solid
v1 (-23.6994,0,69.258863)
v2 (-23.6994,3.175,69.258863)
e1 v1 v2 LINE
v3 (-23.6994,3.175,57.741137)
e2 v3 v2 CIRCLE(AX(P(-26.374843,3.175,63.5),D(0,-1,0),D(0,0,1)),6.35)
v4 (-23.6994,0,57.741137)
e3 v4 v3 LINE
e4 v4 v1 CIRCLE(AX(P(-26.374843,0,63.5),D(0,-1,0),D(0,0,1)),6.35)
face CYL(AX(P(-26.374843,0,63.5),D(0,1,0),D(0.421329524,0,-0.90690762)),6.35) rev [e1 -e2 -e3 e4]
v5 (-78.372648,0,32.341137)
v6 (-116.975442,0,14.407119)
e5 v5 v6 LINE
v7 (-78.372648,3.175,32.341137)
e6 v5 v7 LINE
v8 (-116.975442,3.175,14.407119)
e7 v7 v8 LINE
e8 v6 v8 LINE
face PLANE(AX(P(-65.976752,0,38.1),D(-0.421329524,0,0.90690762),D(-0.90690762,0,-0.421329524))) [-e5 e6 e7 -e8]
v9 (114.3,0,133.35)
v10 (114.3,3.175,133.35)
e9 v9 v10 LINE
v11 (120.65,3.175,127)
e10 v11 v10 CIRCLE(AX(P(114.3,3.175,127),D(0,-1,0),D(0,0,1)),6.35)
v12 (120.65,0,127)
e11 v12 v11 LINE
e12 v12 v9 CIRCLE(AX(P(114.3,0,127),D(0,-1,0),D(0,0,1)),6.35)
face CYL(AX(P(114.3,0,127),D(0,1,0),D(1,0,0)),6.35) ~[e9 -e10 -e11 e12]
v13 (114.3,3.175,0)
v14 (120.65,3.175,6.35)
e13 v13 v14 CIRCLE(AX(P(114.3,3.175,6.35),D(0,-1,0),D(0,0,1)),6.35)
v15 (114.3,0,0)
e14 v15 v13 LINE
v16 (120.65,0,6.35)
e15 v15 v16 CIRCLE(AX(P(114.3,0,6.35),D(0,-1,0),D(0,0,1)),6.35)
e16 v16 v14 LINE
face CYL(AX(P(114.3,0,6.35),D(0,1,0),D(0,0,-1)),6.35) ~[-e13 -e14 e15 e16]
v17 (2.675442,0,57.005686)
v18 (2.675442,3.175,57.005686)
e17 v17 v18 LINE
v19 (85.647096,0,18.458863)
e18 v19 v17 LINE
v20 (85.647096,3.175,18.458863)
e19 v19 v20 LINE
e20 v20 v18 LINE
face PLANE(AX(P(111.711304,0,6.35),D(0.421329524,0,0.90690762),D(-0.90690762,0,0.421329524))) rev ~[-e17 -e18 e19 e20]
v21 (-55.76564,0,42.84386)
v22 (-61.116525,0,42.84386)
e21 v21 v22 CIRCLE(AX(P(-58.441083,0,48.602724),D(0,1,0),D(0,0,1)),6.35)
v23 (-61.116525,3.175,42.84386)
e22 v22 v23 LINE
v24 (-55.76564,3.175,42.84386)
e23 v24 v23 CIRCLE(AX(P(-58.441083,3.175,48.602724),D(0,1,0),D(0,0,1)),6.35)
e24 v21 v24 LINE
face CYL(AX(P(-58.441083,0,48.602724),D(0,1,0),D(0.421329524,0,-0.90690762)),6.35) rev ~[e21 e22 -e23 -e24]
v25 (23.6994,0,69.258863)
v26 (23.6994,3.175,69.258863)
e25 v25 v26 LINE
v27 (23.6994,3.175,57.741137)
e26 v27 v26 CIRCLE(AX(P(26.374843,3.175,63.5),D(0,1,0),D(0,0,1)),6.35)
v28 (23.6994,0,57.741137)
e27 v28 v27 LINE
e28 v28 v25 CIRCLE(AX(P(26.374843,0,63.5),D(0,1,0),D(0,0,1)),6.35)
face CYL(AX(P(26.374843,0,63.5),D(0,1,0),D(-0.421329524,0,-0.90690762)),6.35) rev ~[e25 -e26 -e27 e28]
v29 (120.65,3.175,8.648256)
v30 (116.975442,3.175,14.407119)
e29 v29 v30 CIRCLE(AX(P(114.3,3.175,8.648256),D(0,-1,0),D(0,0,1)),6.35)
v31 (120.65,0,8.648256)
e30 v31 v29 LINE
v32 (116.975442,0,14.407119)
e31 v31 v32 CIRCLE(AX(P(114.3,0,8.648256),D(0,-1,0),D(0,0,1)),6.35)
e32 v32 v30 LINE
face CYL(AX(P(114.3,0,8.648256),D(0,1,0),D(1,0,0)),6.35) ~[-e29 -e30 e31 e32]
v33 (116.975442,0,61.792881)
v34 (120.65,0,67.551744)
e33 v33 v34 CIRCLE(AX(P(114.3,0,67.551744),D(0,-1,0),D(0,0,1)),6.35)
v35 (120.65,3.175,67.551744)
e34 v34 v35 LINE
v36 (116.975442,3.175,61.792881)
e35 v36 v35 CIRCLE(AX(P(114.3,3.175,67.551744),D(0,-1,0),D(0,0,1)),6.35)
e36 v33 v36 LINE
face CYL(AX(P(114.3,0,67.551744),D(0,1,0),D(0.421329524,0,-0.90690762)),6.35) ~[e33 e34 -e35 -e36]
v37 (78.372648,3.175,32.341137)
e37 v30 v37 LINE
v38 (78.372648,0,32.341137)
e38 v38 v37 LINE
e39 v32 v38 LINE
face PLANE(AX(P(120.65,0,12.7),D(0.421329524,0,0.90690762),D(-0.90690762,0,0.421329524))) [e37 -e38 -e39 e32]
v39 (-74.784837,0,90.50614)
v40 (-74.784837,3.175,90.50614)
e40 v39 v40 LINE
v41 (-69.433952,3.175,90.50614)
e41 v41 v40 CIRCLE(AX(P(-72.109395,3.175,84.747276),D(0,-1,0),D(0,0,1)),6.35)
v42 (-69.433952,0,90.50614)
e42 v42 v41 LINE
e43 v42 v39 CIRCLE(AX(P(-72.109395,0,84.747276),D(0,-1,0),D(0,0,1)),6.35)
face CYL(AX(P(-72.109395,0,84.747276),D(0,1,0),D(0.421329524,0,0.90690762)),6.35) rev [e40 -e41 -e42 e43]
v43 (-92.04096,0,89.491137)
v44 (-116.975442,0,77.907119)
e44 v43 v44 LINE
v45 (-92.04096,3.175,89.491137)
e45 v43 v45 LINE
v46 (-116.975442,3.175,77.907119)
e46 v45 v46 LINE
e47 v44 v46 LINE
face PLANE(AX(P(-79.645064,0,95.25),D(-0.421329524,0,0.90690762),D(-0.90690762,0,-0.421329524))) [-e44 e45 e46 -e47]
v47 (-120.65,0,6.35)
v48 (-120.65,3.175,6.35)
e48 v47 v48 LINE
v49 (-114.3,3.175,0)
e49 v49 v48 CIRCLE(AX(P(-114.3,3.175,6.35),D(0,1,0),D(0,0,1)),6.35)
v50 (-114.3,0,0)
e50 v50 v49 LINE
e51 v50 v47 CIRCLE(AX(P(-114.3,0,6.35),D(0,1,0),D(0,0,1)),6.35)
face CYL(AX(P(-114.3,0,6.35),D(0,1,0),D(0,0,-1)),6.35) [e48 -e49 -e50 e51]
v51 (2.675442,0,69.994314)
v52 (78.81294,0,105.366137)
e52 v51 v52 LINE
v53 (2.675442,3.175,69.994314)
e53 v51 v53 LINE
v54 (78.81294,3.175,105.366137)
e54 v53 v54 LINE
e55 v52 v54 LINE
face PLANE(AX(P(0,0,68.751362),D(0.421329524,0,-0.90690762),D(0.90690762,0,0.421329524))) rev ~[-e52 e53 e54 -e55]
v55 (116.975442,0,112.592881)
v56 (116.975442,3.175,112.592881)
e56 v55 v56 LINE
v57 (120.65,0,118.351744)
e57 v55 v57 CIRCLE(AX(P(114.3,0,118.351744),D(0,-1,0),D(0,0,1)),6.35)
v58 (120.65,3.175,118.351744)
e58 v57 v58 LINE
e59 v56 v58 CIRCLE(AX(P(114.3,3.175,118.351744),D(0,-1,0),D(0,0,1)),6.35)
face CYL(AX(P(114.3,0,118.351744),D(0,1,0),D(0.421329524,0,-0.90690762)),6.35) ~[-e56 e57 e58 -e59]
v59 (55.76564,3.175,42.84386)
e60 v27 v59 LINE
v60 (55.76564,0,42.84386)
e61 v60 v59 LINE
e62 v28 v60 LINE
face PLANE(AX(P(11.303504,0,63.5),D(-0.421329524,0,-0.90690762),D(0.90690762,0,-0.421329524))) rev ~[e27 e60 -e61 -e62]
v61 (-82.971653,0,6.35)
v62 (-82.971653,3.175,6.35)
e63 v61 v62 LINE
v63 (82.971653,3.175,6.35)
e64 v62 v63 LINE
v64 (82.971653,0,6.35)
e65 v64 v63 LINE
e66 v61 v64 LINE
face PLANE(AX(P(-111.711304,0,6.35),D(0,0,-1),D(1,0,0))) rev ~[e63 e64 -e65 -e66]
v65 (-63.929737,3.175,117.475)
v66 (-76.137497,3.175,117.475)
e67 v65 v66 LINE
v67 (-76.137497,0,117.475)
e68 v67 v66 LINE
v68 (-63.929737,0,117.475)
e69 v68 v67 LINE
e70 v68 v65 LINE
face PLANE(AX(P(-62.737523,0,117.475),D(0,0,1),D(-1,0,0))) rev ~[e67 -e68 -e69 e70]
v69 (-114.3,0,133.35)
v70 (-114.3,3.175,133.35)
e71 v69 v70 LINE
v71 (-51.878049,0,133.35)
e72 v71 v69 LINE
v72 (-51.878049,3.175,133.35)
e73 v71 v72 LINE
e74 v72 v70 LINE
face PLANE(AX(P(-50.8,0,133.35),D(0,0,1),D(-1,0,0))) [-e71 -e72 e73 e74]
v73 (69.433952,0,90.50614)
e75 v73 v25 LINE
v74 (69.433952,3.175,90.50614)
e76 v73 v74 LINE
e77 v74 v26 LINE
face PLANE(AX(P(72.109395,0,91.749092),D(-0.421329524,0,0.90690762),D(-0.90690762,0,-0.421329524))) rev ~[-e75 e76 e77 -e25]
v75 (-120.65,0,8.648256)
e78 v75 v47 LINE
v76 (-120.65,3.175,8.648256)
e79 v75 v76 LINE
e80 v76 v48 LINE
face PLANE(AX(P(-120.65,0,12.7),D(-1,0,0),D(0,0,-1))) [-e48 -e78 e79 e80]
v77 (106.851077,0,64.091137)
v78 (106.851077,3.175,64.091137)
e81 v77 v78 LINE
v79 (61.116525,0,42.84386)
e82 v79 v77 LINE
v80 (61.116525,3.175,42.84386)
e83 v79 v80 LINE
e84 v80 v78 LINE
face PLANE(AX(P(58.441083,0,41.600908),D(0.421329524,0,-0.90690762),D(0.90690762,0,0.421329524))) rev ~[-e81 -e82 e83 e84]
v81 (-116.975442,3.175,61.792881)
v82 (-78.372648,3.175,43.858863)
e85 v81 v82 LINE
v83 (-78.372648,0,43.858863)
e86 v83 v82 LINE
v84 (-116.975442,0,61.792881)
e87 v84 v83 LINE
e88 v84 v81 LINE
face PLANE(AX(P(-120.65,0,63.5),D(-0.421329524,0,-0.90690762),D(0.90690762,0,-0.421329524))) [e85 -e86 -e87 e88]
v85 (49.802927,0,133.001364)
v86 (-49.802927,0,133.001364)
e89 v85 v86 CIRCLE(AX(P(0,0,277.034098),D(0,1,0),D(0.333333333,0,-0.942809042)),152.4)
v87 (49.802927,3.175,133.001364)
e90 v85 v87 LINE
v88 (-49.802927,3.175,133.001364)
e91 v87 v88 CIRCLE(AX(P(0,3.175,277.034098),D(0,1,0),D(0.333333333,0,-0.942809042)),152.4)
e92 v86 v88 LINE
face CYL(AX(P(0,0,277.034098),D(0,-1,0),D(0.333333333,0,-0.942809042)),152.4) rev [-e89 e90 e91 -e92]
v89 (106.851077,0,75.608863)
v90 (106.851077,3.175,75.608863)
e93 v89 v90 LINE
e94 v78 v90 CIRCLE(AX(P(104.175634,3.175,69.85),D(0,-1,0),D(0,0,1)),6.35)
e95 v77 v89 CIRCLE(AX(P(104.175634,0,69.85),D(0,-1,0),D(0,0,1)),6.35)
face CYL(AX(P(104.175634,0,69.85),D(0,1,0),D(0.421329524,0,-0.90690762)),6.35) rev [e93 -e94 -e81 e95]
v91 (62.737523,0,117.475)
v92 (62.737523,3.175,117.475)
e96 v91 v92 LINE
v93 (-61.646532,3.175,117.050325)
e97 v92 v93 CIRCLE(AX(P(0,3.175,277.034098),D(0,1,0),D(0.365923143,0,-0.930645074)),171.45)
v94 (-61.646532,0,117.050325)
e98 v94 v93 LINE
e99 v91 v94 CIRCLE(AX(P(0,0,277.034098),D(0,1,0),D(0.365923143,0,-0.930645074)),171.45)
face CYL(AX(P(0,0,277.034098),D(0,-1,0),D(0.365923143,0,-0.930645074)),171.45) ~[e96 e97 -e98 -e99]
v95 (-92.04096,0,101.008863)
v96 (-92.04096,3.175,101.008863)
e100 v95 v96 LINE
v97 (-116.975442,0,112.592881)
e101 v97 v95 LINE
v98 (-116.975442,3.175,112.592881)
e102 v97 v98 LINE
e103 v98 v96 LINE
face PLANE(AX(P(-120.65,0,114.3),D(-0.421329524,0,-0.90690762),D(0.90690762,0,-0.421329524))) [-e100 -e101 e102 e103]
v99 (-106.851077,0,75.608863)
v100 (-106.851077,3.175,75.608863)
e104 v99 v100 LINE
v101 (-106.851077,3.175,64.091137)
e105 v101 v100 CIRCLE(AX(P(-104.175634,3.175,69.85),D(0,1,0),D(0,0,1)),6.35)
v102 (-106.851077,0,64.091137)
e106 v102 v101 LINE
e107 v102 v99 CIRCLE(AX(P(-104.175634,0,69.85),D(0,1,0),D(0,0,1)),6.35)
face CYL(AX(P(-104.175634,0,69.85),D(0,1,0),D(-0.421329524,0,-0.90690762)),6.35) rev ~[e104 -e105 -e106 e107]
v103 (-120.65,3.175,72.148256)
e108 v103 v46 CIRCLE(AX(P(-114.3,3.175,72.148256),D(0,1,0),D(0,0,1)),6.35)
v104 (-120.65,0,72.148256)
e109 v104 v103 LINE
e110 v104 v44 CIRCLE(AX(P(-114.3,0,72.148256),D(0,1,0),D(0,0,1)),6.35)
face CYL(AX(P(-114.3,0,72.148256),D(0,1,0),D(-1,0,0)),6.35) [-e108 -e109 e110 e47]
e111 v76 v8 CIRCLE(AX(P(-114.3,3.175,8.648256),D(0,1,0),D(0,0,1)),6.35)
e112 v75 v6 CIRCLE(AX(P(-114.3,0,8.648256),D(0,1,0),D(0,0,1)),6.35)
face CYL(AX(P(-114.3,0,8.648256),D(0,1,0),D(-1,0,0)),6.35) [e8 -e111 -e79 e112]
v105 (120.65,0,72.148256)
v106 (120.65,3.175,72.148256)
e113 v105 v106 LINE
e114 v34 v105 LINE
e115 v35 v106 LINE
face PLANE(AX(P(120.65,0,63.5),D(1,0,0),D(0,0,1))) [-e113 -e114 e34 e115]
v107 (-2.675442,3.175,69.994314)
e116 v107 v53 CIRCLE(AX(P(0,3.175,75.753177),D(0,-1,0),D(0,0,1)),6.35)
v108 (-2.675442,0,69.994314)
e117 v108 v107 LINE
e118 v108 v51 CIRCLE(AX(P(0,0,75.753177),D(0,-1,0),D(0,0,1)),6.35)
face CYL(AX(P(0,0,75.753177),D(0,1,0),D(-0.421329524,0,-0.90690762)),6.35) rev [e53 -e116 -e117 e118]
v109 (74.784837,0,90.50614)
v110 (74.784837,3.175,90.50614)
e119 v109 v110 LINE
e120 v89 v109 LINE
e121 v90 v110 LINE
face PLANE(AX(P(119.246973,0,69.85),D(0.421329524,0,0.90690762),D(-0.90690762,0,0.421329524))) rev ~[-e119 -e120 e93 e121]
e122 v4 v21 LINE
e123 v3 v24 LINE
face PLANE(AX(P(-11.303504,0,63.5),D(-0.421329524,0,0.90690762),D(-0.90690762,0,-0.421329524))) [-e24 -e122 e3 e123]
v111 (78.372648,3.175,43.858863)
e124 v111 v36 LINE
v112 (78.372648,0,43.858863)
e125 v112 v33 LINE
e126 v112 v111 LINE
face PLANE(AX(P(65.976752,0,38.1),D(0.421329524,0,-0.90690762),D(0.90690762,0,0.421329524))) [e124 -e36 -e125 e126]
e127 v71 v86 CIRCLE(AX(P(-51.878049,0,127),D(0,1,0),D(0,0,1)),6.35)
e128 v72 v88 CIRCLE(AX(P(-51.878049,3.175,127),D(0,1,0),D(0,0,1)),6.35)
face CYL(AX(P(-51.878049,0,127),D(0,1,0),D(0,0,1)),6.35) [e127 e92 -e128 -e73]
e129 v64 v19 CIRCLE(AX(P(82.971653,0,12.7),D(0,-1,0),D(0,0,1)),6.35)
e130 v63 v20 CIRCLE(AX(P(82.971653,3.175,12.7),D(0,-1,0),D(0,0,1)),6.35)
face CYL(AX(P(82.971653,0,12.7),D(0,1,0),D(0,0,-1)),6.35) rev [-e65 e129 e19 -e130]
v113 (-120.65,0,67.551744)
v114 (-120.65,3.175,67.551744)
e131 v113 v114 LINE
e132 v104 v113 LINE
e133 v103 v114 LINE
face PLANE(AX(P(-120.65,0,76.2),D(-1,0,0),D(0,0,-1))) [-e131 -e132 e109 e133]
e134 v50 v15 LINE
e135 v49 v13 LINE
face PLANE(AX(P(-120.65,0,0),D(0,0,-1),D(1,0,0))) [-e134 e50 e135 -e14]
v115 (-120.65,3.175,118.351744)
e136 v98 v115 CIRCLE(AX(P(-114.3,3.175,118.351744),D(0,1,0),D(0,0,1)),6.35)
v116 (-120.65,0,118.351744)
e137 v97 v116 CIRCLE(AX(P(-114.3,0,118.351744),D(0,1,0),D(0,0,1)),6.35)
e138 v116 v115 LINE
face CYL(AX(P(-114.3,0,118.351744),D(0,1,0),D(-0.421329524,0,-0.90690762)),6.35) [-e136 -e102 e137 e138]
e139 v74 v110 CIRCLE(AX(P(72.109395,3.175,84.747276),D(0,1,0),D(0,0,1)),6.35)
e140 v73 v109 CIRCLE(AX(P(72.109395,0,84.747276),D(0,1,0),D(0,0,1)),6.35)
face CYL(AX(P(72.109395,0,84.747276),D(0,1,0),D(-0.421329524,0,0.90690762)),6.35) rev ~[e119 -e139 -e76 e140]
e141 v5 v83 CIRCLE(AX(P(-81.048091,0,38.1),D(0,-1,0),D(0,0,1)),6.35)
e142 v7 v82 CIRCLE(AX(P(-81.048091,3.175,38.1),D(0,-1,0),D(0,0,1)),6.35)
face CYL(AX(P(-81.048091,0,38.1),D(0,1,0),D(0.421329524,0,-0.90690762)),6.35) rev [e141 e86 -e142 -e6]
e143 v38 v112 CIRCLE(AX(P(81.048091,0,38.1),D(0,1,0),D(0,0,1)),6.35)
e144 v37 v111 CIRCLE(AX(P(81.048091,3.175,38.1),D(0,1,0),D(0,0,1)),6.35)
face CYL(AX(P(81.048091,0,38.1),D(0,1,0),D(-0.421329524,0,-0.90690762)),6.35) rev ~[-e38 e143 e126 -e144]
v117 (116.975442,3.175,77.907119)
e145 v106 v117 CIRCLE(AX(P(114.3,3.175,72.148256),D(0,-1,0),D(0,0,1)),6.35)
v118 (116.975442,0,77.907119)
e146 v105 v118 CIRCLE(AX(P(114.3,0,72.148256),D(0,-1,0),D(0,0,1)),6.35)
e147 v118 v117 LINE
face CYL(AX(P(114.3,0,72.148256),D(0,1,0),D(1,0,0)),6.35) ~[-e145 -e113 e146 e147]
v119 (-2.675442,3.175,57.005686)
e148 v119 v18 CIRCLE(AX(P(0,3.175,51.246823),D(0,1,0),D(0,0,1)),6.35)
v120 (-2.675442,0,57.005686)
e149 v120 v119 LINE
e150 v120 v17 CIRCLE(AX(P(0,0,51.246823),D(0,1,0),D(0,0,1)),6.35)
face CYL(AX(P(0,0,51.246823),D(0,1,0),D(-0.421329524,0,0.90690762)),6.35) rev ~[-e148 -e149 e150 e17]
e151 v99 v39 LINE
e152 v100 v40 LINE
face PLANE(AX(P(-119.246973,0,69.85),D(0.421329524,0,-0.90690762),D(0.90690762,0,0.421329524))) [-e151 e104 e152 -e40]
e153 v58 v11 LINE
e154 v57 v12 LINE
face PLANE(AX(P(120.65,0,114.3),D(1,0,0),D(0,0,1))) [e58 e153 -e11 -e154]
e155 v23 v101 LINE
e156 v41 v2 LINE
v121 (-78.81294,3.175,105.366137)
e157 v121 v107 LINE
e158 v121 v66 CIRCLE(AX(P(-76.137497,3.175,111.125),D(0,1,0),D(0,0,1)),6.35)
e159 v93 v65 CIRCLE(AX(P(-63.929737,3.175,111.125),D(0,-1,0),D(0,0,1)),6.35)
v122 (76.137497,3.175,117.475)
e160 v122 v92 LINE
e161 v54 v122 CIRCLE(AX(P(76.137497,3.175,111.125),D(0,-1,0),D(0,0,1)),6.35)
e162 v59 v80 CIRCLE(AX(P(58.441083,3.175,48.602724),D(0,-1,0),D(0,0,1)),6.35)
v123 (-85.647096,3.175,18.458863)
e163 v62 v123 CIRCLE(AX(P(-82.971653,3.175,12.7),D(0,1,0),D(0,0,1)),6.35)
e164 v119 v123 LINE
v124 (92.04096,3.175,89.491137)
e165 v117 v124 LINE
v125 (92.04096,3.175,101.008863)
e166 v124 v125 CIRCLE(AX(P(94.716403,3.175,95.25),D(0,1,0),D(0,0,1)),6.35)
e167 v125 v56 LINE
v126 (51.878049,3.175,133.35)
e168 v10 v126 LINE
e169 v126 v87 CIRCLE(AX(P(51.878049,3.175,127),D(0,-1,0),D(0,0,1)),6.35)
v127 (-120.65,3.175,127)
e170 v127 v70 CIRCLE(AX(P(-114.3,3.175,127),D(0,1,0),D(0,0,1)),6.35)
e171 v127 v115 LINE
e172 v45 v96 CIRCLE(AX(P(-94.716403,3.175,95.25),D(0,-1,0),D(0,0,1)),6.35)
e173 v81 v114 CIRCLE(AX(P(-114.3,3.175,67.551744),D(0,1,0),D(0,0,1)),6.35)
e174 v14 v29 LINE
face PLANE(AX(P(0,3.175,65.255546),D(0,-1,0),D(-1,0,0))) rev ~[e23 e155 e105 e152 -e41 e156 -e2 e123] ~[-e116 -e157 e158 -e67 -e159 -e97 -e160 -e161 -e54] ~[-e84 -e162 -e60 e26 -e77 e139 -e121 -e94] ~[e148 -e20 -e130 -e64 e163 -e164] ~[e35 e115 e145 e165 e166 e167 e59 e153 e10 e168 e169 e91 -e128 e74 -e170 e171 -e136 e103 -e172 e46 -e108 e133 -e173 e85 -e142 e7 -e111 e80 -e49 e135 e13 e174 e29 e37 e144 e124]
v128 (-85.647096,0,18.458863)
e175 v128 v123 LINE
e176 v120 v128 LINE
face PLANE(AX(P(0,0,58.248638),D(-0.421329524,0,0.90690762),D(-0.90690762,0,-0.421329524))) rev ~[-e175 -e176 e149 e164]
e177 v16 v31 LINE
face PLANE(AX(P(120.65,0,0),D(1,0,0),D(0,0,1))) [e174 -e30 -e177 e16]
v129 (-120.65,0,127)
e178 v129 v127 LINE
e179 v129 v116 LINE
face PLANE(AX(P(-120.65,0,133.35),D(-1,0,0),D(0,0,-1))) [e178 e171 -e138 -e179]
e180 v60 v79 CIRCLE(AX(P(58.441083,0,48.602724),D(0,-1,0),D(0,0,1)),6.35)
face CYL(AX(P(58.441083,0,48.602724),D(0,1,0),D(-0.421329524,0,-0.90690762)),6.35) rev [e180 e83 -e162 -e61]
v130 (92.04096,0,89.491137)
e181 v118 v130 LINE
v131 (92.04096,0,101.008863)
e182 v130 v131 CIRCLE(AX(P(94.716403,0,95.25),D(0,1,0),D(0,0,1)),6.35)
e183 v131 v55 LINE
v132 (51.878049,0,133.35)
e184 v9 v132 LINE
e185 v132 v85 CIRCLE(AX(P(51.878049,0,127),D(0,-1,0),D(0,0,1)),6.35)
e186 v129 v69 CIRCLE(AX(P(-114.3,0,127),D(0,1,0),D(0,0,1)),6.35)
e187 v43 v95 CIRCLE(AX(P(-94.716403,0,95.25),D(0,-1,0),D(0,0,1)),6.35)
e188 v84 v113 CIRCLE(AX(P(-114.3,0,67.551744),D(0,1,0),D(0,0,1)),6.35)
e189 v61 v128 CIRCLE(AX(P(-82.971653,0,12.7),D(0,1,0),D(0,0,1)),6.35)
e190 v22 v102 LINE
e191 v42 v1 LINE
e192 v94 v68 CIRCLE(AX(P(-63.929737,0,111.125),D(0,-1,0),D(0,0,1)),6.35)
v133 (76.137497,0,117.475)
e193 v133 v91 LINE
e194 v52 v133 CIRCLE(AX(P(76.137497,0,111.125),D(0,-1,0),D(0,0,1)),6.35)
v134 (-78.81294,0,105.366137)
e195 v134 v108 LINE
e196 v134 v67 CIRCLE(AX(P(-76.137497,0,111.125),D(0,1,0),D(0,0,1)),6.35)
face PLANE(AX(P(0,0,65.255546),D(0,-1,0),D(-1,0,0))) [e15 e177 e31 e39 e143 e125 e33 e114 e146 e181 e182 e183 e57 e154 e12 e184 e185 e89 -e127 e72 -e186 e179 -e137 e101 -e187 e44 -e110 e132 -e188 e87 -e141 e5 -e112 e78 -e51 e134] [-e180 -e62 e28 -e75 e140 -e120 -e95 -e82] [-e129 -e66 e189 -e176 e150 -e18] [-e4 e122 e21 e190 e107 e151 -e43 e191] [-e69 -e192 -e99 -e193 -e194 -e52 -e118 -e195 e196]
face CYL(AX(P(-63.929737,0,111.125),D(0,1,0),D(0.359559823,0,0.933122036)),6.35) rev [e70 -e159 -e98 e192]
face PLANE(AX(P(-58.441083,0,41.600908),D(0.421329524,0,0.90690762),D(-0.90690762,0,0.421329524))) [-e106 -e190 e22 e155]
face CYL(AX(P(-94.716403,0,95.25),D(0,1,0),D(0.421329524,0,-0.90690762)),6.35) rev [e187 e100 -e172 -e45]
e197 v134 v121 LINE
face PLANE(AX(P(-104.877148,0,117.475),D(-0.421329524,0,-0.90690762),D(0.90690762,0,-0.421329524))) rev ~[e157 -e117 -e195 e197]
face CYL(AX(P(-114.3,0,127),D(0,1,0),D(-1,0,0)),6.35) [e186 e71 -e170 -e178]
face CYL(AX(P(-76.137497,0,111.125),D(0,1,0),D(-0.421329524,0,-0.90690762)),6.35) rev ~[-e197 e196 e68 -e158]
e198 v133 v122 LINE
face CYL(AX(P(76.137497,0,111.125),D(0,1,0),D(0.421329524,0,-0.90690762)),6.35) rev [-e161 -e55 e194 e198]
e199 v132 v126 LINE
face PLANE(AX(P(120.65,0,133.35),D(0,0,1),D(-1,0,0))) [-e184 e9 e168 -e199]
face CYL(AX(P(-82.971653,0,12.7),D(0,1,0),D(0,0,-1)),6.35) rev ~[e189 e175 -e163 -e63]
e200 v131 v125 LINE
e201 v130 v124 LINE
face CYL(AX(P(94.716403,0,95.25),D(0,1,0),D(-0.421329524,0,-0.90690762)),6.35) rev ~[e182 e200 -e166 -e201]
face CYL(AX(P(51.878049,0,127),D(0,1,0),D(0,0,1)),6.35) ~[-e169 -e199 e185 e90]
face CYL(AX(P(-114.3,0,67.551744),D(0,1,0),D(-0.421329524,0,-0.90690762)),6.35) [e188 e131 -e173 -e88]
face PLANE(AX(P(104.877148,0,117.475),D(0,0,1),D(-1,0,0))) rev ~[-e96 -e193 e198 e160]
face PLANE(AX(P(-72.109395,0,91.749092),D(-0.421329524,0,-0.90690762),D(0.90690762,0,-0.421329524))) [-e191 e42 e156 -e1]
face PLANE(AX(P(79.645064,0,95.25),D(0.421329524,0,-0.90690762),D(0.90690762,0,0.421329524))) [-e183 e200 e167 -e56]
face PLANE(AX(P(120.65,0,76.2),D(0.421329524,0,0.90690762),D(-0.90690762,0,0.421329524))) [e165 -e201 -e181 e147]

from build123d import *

# Parameters (mm, degrees)
BOSS_EXTRUDE1_DEPTH = 3.175
FILLET1_R           = 6.35
FILLET2_R           = 6.35


with BuildPart() as part:
    # Sketch1 → Boss-Extrude1 (new body)
    with BuildSketch(Plane(origin=(0, 0, 0), x_dir=(1, 0, 0), z_dir=(0, 1, 0))):
        with BuildLine():
            Line((-120.65, 0), (120.65, 0))
            Line((120.65, 0), (120.65, -12.7))
            Line((120.65, -12.7), (65.976752043, -38.1))
            Line((65.976752043, -38.1), (120.65, -63.5))
            Line((120.65, -63.5), (120.65, -76.2))
            Line((120.65, -76.2), (79.645064032, -95.25))
            Line((79.645064032, -95.25), (120.65, -114.3))
            Line((120.65, -114.3), (120.65, -133.35))
            Line((120.65, -133.35), (50.8, -133.35))
            ThreePointArc((50.8, -133.35), (0, -124.634097937), (-50.8, -133.35))
            Line((-50.8, -133.35), (-120.65, -133.35))
            Line((-120.65, -133.35), (-120.65, -114.3))
            Line((-120.65, -114.3), (-79.645064032, -95.25))
            Line((-79.645064032, -95.25), (-120.65, -76.2))
            Line((-120.65, -76.2), (-120.65, -63.5))
            Line((-120.65, -63.5), (-65.976752043, -38.1))
            Line((-65.976752043, -38.1), (-120.65, -12.7))
            Line((-120.65, -12.7), (-120.65, 0))
        make_face()
        Polygon((-111.711303819, -6.35), (111.711303819, -6.35), (0, -58.248638237), align=None, mode=Mode.SUBTRACT)
        Polygon((-58.441082652, -41.600907842), (-119.246973209, -69.85), (-72.109394642, -91.749092158), (-11.303504085, -63.5), align=None, mode=Mode.SUBTRACT)
        Polygon((11.303504085, -63.5), (58.441082652, -41.600907842), (119.246973209, -69.85), (72.109394642, -91.749092158), align=None, mode=Mode.SUBTRACT)
        with BuildLine():
            Line((-104.877147824, -117.475), (0, -68.751361763))
            Line((0, -68.751361763), (104.877147824, -117.475))
            Line((104.877147824, -117.475), (62.737522787, -117.475))
            ThreePointArc((62.737522787, -117.475), (0, -105.584097937), (-62.737522787, -117.475))
            Line((-62.737522787, -117.475), (-104.877147824, -117.475))
        make_face(mode=Mode.SUBTRACT)
    extrude(amount=BOSS_EXTRUDE1_DEPTH)

    # Fillet1
    fillet1_edges = [part.edges().sort_by_distance(p)[0] for p in [
        (104.877147824, 1.5875, 117.475),
        (0, 1.5875, 68.751361763),
        (-104.877147824, 1.5875, 117.475),
        (-62.737522787, 1.5875, 117.475),
        (-111.711303819, 1.5875, 6.35),
        (0, 1.5875, 58.248638237),
        (111.711303819, 1.5875, 6.35),
        (-11.303504085, 1.5875, 63.5),
        (-58.441082652, 1.5875, 41.600907842),
        (-119.246973209, 1.5875, 69.85),
        (-72.109394642, 1.5875, 91.749092158),
        (11.303504085, 1.5875, 63.5),
        (72.109394642, 1.5875, 91.749092158),
        (119.246973209, 1.5875, 69.85),
        (58.441082652, 1.5875, 41.600907842),
    ]]
    fillet(fillet1_edges, radius=FILLET1_R)

    # Fillet2
    fillet2_edges = [part.edges().sort_by_distance(p)[0] for p in [
        (120.65, 1.5875, 12.7),
        (65.976752043, 1.5875, 38.1),
        (120.65, 1.5875, 63.5),
        (120.65, 1.5875, 76.2),
        (79.645064032, 1.5875, 95.25),
        (120.65, 1.5875, 114.3),
        (120.65, 1.5875, 133.35),
        (50.8, 1.5875, 133.35),
        (-50.8, 1.5875, 133.35),
        (-120.65, 1.5875, 133.35),
        (-120.65, 1.5875, 114.3),
        (-79.645064032, 1.5875, 95.25),
        (-120.65, 1.5875, 76.2),
        (-120.65, 1.5875, 63.5),
        (-65.976752043, 1.5875, 38.1),
        (-120.65, 1.5875, 12.7),
        (-120.65, 1.5875, 0),
        (120.65, 1.5875, 0),
    ]]
    fillet(fillet2_edges, radius=FILLET2_R)


solid = part.part
